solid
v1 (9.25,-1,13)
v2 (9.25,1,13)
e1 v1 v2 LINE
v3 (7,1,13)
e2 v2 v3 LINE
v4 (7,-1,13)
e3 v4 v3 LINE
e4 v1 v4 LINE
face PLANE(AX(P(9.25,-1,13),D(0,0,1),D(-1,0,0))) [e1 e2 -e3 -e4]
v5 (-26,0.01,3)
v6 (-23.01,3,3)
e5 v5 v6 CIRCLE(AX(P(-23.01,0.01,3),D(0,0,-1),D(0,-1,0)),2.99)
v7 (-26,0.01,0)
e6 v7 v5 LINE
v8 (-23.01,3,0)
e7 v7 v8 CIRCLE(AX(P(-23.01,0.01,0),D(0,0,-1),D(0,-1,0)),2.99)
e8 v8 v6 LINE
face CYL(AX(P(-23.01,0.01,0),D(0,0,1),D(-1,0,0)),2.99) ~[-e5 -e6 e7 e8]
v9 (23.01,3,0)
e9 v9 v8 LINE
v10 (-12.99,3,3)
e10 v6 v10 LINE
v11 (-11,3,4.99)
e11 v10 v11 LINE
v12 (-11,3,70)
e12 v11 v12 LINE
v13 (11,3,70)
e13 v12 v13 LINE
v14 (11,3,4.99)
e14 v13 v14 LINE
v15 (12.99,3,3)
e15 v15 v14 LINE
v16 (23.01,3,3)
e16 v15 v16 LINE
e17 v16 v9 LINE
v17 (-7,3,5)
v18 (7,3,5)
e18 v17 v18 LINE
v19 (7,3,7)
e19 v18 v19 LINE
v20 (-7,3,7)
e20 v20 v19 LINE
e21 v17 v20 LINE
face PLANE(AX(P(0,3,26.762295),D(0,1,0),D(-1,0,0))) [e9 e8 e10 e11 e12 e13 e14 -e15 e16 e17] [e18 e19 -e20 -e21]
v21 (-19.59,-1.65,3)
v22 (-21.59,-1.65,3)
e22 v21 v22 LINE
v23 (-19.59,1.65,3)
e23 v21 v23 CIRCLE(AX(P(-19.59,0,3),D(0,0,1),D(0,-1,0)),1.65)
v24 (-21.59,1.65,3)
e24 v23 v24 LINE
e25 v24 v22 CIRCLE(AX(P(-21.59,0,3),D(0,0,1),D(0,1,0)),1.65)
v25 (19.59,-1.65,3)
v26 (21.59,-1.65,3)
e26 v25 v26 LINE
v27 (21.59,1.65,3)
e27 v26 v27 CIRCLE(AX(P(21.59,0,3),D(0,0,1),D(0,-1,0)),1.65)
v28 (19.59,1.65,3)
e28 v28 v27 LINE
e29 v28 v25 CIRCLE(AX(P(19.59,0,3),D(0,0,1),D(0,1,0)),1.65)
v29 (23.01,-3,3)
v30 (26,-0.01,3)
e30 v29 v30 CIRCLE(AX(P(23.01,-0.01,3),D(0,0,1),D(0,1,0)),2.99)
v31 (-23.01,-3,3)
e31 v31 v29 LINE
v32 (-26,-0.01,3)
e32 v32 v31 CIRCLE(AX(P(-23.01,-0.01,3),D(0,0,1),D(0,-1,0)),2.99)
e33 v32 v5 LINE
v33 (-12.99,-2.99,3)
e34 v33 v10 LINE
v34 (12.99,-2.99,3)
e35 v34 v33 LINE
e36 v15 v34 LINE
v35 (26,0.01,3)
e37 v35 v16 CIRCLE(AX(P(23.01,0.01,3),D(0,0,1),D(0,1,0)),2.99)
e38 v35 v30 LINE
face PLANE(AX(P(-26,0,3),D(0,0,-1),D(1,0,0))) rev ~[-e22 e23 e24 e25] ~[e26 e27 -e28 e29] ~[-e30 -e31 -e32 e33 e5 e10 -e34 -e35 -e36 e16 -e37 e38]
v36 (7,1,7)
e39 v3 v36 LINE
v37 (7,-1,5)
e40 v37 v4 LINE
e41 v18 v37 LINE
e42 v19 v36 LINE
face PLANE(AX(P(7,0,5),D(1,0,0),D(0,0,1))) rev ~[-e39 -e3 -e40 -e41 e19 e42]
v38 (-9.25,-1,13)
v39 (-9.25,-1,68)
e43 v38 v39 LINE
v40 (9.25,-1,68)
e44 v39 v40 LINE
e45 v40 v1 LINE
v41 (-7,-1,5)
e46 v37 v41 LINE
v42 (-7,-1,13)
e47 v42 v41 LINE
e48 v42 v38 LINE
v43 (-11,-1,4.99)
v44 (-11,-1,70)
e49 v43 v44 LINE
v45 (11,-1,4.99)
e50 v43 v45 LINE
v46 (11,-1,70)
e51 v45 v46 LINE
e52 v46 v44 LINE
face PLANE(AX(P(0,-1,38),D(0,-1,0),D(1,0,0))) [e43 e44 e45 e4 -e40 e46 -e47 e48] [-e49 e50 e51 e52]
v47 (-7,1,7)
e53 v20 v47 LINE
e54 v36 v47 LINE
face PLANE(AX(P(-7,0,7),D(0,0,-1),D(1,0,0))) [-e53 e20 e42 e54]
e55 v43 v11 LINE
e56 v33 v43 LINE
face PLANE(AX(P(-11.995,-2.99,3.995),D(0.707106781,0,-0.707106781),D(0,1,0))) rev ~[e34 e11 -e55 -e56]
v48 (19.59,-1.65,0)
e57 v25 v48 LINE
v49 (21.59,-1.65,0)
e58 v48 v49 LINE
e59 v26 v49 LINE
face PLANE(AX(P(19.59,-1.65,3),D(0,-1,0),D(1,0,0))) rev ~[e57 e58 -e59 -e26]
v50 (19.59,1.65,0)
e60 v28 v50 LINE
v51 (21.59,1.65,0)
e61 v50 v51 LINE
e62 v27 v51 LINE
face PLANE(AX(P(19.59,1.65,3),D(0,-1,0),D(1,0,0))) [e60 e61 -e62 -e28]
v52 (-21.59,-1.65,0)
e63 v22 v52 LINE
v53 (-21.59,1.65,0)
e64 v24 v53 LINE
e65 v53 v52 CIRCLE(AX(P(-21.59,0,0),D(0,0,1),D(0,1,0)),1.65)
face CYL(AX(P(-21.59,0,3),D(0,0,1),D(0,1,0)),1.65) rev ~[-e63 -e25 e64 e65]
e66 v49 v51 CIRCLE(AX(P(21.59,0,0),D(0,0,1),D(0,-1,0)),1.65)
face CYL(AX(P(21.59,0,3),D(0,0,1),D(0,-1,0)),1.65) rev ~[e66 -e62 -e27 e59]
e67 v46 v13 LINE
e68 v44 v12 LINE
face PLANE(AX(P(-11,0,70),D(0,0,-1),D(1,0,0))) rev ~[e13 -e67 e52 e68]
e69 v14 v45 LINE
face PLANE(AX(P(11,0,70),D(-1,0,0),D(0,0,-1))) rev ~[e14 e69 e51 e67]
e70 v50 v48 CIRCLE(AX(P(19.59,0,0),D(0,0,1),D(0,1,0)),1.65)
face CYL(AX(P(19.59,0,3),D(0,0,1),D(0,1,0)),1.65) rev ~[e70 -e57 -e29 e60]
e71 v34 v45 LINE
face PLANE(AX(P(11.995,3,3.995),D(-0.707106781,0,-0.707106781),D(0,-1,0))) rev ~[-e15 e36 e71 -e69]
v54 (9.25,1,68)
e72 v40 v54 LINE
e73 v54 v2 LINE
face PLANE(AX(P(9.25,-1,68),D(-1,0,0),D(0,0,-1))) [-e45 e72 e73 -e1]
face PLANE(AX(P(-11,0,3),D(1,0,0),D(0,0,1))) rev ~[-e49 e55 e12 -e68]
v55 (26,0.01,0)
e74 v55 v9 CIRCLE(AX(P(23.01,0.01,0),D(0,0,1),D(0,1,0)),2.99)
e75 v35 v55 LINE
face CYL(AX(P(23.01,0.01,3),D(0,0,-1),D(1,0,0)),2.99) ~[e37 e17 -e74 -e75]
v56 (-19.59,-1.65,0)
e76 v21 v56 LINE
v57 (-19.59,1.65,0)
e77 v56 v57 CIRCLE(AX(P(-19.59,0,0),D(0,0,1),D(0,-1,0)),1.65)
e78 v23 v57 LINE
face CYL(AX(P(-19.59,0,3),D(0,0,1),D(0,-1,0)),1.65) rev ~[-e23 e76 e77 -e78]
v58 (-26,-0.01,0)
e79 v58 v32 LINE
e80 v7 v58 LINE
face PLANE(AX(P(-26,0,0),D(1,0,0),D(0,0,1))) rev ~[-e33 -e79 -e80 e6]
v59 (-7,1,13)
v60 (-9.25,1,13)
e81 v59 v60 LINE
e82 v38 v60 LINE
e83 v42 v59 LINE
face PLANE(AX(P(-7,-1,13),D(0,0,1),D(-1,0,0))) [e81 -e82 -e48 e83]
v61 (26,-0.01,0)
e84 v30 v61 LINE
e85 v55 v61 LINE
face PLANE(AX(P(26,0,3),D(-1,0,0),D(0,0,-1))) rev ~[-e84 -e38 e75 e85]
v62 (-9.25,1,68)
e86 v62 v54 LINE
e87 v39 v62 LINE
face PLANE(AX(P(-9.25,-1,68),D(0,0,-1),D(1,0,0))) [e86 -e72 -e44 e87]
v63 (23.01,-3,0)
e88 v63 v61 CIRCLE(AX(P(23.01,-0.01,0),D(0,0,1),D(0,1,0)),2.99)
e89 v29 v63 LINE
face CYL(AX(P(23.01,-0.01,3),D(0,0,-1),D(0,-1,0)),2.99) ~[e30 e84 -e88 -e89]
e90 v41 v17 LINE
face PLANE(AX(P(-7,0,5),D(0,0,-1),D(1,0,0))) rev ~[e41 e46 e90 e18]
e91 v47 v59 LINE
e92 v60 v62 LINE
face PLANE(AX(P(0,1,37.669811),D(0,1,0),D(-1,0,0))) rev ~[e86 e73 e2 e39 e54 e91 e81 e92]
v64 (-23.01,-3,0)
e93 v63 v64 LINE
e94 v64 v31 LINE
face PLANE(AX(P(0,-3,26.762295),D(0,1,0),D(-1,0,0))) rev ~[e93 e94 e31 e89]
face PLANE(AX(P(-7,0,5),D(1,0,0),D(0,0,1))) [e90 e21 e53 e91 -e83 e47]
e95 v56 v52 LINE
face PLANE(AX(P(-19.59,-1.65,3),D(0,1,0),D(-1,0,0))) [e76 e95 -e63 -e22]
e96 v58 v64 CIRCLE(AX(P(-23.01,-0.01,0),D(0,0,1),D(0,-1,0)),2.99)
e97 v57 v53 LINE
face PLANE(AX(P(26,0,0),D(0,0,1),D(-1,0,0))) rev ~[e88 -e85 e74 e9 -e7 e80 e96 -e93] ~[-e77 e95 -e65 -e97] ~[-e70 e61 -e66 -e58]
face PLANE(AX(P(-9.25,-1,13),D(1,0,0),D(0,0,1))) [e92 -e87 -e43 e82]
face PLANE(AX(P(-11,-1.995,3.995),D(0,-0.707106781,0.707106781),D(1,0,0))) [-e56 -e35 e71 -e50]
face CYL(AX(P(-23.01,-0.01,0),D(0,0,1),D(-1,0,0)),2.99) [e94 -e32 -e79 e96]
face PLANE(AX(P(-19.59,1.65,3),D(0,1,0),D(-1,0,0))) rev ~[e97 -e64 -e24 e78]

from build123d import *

# Parameters (mm, degrees)
SKETCH_W        = 14
SKETCH_H        = 2
PAD_DEPTH       = 3
SKETCH001_W     = 22
SKETCH001_H     = 70
POCKET_DEPTH    = 2
POCKET001_DEPTH = 2
POCKET002_DEPTH = 3.001
CHAMFER_SIZE    = 1.99
CHAMFER001_SIZE = 1.99
FILLET_R        = 2.99


with BuildPart() as part:
    # Sketch → Pad (new body, symmetric)
    with BuildSketch(Plane.XZ):
        Polygon((-26, 0), (-26, 3), (-11, 3), (-11, 70), (11, 70), (11, 3), (26, 3), (26, 0), align=None)
        with Locations((0, 6)):
            Rectangle(SKETCH_W, SKETCH_H, mode=Mode.SUBTRACT)
    extrude(amount=PAD_DEPTH, both=True)

    # Sketch001 (on Face14 of Pad) → Pocket (cut)
    with BuildSketch(Plane.XZ.offset(3)):
        with Locations((0, 38)):
            Rectangle(SKETCH001_W, SKETCH001_H)
    extrude(amount=-POCKET_DEPTH, mode=Mode.SUBTRACT)

    # Sketch002 (on Face16 of Pocket) → Pocket001 (cut)
    with BuildSketch(Plane.XZ.offset(1)):
        Polygon((-9.25, 68), (9.25, 68), (9.25, 13), (7, 13), (7, 7), (-7, 7), (-7, 13), (-9.25, 13), align=None)
    extrude(amount=-POCKET001_DEPTH, mode=Mode.SUBTRACT)

    # Sketch003 (on Face3 of Pocket001) → Pocket002 (cut, through all)
    with BuildSketch(Plane(origin=(0, 0, 3), x_dir=(-1, 0, 0), z_dir=(0, 0, 1))):
        with BuildLine():
            ThreePointArc((-19.59, -1.65), (-17.94, 0), (-19.59, 1.65))
            Line((-19.59, 1.65), (-21.59, 1.65))
            ThreePointArc((-21.59, 1.65), (-23.24, 0), (-21.59, -1.65))
            Line((-19.59, -1.65), (-21.59, -1.65))
        make_face()
        with BuildLine():
            ThreePointArc((19.59, 1.65), (17.94, 0), (19.59, -1.65))
            Line((19.59, -1.65), (21.59, -1.65))
            ThreePointArc((21.59, -1.65), (23.24, 0), (21.59, 1.65))
            Line((19.59, 1.65), (21.59, 1.65))
        make_face()
    extrude(amount=-POCKET002_DEPTH, mode=Mode.SUBTRACT)

    # Chamfer
    chamfer_edges = [part.edges().sort_by_distance(p)[0] for p in [
        (0, -1, 3),
    ]]
    chamfer(chamfer_edges, length=CHAMFER_SIZE)

    # Chamfer001
    chamfer001_edges = [part.edges().sort_by_distance(p)[0] for p in [
        (-11, 1, 3),
        (11, 1, 3),
    ]]
    chamfer(chamfer001_edges, length=CHAMFER001_SIZE)

    # Fillet
    fillet_edges = [part.edges().sort_by_distance(p)[0] for p in [
        (-26, 3, 1.5),
        (-26, -3, 1.5),
        (26, -3, 1.5),
        (26, 3, 1.5),
    ]]
    fillet(fillet_edges, radius=FILLET_R)


solid = part.part
